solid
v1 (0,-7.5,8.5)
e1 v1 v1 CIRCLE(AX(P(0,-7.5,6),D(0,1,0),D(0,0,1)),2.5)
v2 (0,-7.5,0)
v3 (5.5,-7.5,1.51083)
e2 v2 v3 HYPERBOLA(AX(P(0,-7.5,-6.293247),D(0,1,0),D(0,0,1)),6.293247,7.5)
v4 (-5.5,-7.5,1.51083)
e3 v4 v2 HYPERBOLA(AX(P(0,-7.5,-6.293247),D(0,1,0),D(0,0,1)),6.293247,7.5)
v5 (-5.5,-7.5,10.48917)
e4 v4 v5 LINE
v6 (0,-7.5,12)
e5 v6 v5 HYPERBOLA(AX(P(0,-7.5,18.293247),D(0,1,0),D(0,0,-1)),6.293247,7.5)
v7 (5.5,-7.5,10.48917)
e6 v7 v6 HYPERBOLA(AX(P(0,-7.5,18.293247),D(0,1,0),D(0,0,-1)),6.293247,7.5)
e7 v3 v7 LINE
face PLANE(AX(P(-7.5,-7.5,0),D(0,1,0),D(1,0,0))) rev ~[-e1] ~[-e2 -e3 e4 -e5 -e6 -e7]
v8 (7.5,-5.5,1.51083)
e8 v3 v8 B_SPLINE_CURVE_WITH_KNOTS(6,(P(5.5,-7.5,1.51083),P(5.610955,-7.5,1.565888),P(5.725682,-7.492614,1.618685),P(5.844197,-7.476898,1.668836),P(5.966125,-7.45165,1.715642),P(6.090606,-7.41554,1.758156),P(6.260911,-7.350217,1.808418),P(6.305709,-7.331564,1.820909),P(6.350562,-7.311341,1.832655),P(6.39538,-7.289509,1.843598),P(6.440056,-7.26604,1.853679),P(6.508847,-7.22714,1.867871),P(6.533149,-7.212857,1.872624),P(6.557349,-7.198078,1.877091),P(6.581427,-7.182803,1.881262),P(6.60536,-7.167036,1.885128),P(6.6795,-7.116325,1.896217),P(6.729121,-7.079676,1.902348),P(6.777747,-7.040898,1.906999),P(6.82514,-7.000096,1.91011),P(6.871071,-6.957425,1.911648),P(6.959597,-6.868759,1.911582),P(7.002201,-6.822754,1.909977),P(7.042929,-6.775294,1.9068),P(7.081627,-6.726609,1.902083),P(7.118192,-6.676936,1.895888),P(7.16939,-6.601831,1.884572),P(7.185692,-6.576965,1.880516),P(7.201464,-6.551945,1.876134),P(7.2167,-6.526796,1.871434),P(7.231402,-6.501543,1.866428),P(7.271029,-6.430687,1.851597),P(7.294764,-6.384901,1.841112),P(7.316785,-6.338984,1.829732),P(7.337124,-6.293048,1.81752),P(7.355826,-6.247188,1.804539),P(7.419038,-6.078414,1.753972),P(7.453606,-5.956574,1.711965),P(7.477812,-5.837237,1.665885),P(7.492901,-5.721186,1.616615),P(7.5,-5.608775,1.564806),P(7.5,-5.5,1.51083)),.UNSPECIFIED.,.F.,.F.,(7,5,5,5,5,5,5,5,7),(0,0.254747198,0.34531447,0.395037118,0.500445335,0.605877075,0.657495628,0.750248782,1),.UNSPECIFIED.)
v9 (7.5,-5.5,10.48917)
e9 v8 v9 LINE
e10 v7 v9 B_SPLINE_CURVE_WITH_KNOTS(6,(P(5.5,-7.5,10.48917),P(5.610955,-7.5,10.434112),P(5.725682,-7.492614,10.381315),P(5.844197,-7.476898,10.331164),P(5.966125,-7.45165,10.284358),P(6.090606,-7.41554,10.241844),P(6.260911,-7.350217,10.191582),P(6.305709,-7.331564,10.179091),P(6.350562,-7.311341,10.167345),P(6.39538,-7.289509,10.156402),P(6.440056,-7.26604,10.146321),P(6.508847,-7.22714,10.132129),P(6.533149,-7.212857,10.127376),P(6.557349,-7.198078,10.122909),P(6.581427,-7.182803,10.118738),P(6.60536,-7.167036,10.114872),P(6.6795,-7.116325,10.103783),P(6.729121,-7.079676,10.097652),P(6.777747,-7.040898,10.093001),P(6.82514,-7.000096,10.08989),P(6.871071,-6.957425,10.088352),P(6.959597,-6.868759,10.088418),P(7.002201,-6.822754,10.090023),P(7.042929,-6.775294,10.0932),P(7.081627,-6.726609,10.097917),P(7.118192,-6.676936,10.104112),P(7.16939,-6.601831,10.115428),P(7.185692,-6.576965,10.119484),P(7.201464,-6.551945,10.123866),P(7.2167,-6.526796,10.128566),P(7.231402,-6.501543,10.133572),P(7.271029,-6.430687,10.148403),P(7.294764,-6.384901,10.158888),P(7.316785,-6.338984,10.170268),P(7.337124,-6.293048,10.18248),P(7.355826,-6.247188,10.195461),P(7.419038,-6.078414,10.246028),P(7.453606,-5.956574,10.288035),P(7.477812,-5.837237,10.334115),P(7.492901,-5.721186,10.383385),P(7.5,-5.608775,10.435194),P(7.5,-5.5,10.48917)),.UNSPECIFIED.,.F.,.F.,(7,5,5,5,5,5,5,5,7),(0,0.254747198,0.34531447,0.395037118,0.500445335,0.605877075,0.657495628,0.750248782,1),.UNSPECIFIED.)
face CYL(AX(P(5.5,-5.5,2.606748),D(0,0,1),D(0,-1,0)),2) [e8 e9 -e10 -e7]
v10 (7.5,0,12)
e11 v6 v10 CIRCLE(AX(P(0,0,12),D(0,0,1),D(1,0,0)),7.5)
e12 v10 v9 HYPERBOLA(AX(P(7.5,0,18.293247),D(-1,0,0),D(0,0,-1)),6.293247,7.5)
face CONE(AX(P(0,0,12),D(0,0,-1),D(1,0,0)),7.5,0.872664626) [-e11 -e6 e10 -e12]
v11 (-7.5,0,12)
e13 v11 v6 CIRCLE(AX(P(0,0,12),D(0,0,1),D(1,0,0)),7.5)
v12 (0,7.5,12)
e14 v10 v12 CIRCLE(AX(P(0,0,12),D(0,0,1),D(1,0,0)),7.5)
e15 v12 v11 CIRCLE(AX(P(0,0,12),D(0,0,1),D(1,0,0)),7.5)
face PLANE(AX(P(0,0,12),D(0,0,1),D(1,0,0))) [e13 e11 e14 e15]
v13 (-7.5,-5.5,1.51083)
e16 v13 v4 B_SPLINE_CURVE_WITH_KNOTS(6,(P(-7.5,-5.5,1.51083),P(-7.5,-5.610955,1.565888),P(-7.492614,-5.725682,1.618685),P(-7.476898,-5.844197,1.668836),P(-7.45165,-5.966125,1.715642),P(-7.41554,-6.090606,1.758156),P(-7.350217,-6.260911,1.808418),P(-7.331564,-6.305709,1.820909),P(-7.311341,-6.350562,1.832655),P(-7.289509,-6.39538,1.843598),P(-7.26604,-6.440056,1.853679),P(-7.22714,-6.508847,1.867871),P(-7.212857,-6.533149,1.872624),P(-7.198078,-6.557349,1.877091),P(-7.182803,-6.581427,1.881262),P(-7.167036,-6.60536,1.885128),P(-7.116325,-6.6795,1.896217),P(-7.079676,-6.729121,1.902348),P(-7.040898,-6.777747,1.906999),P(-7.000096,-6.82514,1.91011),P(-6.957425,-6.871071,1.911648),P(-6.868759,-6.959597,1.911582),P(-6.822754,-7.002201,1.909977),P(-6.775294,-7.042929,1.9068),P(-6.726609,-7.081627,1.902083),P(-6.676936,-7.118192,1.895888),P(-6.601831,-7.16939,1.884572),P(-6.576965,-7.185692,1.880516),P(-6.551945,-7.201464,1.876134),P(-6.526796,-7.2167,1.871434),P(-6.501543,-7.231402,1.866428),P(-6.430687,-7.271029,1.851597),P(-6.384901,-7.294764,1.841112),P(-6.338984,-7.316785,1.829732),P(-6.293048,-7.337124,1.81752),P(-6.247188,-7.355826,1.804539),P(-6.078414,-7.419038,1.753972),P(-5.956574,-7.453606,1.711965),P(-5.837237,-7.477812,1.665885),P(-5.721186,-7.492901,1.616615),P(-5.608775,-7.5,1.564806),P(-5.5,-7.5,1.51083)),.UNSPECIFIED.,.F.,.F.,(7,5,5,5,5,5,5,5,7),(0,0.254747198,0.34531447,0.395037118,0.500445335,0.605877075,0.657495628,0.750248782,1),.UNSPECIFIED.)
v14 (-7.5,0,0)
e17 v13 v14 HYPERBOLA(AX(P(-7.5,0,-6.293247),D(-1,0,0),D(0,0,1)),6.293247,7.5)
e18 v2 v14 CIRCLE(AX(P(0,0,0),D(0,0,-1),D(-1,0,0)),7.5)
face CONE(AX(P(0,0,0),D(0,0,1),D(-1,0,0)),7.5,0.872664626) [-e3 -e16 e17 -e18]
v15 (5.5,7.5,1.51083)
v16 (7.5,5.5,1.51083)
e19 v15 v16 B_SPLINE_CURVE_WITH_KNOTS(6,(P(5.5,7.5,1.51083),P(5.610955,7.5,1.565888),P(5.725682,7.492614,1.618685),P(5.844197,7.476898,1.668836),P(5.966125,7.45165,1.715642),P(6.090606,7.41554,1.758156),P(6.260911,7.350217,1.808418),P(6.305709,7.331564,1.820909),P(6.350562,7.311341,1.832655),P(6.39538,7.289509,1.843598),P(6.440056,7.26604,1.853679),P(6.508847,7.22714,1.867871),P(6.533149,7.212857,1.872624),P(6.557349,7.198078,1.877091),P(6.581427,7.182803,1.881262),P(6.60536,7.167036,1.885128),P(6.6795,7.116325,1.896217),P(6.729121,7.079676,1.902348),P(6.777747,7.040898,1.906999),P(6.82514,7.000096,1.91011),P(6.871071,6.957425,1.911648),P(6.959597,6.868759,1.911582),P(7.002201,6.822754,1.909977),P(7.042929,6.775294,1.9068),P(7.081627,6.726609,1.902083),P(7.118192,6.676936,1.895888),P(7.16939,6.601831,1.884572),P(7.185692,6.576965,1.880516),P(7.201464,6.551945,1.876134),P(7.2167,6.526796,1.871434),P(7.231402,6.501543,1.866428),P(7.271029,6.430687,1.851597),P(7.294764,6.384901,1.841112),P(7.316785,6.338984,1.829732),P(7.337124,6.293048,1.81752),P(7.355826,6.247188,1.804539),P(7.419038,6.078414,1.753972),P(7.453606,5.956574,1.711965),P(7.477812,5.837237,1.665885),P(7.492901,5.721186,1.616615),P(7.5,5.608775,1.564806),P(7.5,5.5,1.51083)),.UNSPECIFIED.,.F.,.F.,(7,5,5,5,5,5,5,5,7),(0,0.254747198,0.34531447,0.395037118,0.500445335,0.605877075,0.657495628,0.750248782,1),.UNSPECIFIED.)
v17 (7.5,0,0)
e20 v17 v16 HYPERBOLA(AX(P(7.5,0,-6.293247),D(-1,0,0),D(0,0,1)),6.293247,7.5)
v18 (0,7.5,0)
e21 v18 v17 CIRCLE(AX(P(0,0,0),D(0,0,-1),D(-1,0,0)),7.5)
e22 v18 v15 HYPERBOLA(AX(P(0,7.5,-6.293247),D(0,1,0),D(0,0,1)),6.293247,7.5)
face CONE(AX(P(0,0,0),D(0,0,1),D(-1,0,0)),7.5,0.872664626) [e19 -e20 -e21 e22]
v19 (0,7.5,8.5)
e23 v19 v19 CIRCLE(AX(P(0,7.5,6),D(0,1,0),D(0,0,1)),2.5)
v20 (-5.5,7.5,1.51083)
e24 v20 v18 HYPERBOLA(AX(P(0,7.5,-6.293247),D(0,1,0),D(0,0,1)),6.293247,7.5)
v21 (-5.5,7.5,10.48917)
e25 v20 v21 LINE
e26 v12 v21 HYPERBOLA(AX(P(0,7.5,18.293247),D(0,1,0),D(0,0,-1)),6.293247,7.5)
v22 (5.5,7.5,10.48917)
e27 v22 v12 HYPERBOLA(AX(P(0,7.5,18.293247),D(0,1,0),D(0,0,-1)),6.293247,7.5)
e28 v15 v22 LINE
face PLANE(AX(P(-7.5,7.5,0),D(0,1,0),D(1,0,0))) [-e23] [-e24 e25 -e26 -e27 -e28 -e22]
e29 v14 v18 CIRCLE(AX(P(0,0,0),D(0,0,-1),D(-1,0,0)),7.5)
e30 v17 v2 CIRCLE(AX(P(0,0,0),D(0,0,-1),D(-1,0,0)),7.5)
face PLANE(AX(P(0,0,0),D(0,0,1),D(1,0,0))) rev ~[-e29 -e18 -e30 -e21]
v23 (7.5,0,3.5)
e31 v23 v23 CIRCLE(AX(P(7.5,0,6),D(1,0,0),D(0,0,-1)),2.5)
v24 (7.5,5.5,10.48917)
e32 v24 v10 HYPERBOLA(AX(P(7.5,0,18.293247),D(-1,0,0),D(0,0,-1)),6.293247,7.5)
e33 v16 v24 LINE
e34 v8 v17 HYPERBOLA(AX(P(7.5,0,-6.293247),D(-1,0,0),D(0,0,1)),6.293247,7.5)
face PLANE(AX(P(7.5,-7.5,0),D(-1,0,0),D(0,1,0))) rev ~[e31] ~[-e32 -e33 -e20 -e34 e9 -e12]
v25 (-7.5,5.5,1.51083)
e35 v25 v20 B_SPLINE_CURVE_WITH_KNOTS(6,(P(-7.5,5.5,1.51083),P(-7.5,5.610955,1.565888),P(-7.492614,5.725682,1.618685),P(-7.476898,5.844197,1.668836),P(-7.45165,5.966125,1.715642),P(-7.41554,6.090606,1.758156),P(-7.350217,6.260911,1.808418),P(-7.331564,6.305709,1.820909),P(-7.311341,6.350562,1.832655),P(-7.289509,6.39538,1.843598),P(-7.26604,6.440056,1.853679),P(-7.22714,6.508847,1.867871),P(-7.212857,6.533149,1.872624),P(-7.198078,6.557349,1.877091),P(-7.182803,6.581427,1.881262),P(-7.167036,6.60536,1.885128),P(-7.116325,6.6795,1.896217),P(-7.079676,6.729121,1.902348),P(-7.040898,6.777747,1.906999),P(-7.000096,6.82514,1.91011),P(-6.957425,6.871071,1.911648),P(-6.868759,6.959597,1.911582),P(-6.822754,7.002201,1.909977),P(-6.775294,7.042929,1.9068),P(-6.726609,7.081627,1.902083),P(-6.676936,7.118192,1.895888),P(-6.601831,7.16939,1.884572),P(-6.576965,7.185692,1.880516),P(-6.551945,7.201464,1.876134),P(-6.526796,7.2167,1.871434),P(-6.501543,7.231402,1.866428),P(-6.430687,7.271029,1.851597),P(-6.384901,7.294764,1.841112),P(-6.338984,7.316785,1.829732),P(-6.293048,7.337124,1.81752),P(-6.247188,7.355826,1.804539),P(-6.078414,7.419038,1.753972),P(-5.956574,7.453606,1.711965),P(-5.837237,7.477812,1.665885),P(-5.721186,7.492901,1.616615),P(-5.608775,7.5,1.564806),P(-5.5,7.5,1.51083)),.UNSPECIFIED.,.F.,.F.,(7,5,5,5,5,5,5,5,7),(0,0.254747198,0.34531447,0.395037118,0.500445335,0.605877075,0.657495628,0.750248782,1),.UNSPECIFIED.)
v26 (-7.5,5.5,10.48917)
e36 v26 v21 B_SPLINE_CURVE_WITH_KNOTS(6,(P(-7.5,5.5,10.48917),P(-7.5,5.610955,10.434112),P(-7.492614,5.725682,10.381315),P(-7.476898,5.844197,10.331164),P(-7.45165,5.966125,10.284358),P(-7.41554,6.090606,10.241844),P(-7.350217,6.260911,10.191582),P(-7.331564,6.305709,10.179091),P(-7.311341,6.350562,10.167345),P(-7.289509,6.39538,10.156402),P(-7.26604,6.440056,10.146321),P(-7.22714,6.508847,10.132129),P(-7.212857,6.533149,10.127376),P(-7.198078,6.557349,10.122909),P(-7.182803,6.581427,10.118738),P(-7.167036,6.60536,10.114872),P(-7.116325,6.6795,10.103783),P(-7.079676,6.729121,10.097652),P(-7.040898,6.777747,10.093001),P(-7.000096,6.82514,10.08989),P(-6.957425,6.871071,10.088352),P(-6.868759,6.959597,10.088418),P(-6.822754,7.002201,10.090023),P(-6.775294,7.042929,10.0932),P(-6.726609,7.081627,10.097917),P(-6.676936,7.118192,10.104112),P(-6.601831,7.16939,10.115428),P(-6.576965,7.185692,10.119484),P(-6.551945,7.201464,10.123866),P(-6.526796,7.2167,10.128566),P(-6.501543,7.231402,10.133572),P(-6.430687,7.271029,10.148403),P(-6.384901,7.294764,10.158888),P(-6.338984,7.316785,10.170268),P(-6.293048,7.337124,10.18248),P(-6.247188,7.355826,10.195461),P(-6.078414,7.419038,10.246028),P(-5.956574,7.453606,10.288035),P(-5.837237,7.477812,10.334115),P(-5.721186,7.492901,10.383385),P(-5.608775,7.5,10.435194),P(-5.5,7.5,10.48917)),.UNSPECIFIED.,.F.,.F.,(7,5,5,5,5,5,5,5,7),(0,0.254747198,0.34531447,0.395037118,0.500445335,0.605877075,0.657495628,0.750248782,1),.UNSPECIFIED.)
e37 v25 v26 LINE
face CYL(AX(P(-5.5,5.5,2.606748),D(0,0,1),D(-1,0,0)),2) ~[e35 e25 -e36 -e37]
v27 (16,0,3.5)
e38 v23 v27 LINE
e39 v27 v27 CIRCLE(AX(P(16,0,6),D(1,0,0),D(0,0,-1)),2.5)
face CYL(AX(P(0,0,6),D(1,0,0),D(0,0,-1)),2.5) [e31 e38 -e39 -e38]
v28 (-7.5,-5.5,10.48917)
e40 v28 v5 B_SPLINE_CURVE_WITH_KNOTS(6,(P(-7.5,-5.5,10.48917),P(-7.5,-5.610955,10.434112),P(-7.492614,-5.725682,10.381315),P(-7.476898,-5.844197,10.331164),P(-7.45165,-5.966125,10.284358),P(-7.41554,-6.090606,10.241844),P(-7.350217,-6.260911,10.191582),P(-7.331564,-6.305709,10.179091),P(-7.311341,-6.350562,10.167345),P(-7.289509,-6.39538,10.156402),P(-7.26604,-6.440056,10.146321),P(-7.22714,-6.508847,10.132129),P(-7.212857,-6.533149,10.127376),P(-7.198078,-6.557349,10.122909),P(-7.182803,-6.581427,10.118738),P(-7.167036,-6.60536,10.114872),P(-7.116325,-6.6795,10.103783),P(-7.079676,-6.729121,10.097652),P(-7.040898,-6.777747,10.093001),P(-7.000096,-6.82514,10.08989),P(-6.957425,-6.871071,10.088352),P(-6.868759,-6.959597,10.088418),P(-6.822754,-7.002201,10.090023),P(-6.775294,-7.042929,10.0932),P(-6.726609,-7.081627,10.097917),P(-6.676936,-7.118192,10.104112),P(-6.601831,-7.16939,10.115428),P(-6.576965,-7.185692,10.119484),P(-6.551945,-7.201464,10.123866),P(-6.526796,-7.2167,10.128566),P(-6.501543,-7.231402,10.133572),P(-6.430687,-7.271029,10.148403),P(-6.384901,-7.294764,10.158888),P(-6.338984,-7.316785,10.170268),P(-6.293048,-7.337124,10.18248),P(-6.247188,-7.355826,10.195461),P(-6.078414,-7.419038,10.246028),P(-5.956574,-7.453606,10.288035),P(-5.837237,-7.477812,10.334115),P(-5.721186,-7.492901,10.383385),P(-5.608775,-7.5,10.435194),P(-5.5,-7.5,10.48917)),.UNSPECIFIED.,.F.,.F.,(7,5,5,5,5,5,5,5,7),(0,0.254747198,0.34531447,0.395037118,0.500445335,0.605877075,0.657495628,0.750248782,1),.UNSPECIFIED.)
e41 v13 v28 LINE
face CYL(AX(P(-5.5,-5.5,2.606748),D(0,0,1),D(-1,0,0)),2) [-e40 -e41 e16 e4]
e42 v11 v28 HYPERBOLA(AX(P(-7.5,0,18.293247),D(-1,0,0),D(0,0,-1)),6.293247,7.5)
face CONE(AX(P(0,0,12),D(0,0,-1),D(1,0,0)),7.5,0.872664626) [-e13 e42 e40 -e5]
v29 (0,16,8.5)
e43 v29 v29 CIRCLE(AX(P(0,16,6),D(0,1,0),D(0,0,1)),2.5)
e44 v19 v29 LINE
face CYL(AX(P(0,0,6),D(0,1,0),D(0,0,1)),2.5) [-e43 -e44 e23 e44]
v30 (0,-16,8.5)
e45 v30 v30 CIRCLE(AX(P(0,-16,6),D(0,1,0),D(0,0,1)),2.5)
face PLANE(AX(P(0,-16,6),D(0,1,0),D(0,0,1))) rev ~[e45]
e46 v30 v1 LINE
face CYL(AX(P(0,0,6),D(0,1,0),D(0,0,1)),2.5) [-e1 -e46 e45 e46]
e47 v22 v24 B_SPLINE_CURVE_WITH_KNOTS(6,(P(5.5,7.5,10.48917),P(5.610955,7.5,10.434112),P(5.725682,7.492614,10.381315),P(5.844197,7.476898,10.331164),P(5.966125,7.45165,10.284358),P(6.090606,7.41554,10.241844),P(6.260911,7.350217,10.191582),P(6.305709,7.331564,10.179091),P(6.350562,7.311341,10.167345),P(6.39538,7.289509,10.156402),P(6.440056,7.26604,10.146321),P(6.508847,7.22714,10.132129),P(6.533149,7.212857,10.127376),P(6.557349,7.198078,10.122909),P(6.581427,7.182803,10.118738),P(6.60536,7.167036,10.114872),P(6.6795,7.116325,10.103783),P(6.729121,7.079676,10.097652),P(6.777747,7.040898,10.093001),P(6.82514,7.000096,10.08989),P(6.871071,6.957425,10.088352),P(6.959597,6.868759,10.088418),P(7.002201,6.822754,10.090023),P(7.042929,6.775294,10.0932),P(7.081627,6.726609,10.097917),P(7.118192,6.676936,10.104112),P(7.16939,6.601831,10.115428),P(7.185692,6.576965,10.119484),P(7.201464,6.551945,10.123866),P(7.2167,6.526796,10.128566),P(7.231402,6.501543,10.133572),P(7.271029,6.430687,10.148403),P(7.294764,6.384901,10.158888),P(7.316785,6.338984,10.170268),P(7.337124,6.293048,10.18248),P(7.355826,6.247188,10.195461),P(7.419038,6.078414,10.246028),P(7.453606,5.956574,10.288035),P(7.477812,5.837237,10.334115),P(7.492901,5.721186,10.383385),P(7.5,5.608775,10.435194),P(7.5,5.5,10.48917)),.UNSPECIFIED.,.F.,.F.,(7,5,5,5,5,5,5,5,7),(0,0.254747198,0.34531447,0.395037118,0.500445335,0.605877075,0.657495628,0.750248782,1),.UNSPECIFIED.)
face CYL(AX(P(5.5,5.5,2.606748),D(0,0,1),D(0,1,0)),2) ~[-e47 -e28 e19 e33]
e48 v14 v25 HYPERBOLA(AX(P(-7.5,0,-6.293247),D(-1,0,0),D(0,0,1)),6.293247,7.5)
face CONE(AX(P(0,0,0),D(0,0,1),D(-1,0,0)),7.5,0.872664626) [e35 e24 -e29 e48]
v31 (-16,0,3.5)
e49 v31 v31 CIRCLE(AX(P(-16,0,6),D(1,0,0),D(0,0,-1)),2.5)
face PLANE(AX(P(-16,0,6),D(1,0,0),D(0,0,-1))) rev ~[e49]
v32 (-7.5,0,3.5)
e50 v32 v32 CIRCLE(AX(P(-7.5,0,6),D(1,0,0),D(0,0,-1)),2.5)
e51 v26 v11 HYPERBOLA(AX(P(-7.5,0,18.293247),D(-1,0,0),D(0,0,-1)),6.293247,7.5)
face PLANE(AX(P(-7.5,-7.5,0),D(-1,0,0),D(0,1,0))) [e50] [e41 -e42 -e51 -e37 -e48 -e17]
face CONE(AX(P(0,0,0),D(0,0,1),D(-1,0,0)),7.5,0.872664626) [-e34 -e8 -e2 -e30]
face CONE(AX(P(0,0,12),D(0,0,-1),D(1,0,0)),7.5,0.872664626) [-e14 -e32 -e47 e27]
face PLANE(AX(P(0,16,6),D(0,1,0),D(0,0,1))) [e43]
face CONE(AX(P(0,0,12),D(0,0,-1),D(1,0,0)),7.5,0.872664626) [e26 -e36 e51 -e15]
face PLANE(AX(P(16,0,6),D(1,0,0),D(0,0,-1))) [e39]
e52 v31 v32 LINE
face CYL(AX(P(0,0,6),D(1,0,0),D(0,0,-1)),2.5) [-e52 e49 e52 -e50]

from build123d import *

# Parameters (mm, degrees)
SKETCH1_W           = 15
SKETCH1_H           = 15
BOSS_EXTRUDE1_DEPTH = 12
SKETCH2_OUTSIDE_W   = 69.544
SKETCH2_OUTSIDE_H   = 69.544
SKETCH2_OUTSIDE_R   = 7.5
CUT_EXTRUDE1_DEPTH  = 20
CUT_EXTRUDE1_DRAFT  = -50
SKETCH3_OUTSIDE_W   = 69.544
SKETCH3_OUTSIDE_H   = 69.544
SKETCH3_OUTSIDE_R   = 7.5
CUT_EXTRUDE2_DEPTH  = 20
CUT_EXTRUDE2_DRAFT  = -50
FILLET1_R           = 2
SKETCH5_R           = 2.5
BOSS_EXTRUDE2_DEPTH = 16
SKETCH6_R           = 2.5
BOSS_EXTRUDE3_DEPTH = 16


with BuildPart() as part:
    # Sketch1 → Boss-Extrude1 (new body)
    with BuildSketch(Plane.XY):
        Rectangle(SKETCH1_W, SKETCH1_H)
    extrude(amount=BOSS_EXTRUDE1_DEPTH)


with BuildPart() as cut_extrude1_tool:
    # Sketch2 outside → Cut-Extrude1 (with draft: the straight prism first)
    with BuildSketch(Plane.XY.offset(12)):
        Rectangle(SKETCH2_OUTSIDE_W, SKETCH2_OUTSIDE_H)
        Circle(SKETCH2_OUTSIDE_R, mode=Mode.SUBTRACT)
    extrude(amount=-CUT_EXTRUDE1_DEPTH)
    # Cut-Extrude1: the draft: its side faces are tilted about the plane it starts from
    cut_extrude1_sides = [cut_extrude1_tool.faces().sort_by_distance(p)[0] for p in [
        (0, -34.772, 2),
        (34.772, 0, 2),
        (0, 34.772, 2),
        (-34.772, 0, 2),
        (-7.5, 0, 2),
    ]]
    draft(cut_extrude1_sides, Plane.XY.offset(12), CUT_EXTRUDE1_DRAFT)


with BuildPart() as part_1:
    add(part.part)

    # Cut-Extrude1: cut by cut_extrude1_tool
    add(cut_extrude1_tool.part, mode=Mode.SUBTRACT)


with BuildPart() as cut_extrude2_tool:
    # Sketch3 outside → Cut-Extrude2 (with draft: the straight prism first)
    with BuildSketch(Plane(origin=(0, 0, 0), x_dir=(-1, 0, 0), z_dir=(0, 0, -1))):
        Rectangle(SKETCH3_OUTSIDE_W, SKETCH3_OUTSIDE_H)
        Circle(SKETCH3_OUTSIDE_R, mode=Mode.SUBTRACT)
    extrude(amount=-CUT_EXTRUDE2_DEPTH)
    # Cut-Extrude2: the draft: its side faces are tilted about the plane it starts from
    cut_extrude2_sides = [cut_extrude2_tool.faces().sort_by_distance(p)[0] for p in [
        (0, -34.772, 10),
        (-34.772, 0, 10),
        (0, 34.772, 10),
        (34.772, 0, 10),
        (7.5, 0, 10),
    ]]
    draft(cut_extrude2_sides, Plane(origin=(0, 0, 0), x_dir=(-1, 0, 0), z_dir=(0, 0, -1)), CUT_EXTRUDE2_DRAFT)


with BuildPart() as part_2:
    add(part_1.part)

    # Cut-Extrude2: cut by cut_extrude2_tool
    add(cut_extrude2_tool.part, mode=Mode.SUBTRACT)

    # Fillet1
    fillet1_edges = [part_2.edges().sort_by_distance(p)[0] for p in [
        (7.5, -7.5, 6),
        (7.5, 7.5, 6),
        (-7.5, 7.5, 6),
        (-7.5, -7.5, 6),
    ]]
    fillet(fillet1_edges, radius=FILLET1_R)

    # Sketch5 → Boss-Extrude2 (add, symmetric)
    with BuildSketch(Plane(origin=(0, 0, 0), x_dir=(1, 0, 0), z_dir=(0, 1, 0))):
        with Locations(Location((0, -6, 0), (0, 0, 270))):
            Circle(SKETCH5_R)
    extrude(amount=BOSS_EXTRUDE2_DEPTH, both=True)

    # Sketch6 → Boss-Extrude3 (add, symmetric)
    with BuildSketch(Plane(origin=(0, 0, 0), x_dir=(0, 0, -1), z_dir=(1, 0, 0))):
        with Locations((-6, 0)):
            Circle(SKETCH6_R)
    extrude(amount=BOSS_EXTRUDE3_DEPTH, both=True)


solid = part_2.part
